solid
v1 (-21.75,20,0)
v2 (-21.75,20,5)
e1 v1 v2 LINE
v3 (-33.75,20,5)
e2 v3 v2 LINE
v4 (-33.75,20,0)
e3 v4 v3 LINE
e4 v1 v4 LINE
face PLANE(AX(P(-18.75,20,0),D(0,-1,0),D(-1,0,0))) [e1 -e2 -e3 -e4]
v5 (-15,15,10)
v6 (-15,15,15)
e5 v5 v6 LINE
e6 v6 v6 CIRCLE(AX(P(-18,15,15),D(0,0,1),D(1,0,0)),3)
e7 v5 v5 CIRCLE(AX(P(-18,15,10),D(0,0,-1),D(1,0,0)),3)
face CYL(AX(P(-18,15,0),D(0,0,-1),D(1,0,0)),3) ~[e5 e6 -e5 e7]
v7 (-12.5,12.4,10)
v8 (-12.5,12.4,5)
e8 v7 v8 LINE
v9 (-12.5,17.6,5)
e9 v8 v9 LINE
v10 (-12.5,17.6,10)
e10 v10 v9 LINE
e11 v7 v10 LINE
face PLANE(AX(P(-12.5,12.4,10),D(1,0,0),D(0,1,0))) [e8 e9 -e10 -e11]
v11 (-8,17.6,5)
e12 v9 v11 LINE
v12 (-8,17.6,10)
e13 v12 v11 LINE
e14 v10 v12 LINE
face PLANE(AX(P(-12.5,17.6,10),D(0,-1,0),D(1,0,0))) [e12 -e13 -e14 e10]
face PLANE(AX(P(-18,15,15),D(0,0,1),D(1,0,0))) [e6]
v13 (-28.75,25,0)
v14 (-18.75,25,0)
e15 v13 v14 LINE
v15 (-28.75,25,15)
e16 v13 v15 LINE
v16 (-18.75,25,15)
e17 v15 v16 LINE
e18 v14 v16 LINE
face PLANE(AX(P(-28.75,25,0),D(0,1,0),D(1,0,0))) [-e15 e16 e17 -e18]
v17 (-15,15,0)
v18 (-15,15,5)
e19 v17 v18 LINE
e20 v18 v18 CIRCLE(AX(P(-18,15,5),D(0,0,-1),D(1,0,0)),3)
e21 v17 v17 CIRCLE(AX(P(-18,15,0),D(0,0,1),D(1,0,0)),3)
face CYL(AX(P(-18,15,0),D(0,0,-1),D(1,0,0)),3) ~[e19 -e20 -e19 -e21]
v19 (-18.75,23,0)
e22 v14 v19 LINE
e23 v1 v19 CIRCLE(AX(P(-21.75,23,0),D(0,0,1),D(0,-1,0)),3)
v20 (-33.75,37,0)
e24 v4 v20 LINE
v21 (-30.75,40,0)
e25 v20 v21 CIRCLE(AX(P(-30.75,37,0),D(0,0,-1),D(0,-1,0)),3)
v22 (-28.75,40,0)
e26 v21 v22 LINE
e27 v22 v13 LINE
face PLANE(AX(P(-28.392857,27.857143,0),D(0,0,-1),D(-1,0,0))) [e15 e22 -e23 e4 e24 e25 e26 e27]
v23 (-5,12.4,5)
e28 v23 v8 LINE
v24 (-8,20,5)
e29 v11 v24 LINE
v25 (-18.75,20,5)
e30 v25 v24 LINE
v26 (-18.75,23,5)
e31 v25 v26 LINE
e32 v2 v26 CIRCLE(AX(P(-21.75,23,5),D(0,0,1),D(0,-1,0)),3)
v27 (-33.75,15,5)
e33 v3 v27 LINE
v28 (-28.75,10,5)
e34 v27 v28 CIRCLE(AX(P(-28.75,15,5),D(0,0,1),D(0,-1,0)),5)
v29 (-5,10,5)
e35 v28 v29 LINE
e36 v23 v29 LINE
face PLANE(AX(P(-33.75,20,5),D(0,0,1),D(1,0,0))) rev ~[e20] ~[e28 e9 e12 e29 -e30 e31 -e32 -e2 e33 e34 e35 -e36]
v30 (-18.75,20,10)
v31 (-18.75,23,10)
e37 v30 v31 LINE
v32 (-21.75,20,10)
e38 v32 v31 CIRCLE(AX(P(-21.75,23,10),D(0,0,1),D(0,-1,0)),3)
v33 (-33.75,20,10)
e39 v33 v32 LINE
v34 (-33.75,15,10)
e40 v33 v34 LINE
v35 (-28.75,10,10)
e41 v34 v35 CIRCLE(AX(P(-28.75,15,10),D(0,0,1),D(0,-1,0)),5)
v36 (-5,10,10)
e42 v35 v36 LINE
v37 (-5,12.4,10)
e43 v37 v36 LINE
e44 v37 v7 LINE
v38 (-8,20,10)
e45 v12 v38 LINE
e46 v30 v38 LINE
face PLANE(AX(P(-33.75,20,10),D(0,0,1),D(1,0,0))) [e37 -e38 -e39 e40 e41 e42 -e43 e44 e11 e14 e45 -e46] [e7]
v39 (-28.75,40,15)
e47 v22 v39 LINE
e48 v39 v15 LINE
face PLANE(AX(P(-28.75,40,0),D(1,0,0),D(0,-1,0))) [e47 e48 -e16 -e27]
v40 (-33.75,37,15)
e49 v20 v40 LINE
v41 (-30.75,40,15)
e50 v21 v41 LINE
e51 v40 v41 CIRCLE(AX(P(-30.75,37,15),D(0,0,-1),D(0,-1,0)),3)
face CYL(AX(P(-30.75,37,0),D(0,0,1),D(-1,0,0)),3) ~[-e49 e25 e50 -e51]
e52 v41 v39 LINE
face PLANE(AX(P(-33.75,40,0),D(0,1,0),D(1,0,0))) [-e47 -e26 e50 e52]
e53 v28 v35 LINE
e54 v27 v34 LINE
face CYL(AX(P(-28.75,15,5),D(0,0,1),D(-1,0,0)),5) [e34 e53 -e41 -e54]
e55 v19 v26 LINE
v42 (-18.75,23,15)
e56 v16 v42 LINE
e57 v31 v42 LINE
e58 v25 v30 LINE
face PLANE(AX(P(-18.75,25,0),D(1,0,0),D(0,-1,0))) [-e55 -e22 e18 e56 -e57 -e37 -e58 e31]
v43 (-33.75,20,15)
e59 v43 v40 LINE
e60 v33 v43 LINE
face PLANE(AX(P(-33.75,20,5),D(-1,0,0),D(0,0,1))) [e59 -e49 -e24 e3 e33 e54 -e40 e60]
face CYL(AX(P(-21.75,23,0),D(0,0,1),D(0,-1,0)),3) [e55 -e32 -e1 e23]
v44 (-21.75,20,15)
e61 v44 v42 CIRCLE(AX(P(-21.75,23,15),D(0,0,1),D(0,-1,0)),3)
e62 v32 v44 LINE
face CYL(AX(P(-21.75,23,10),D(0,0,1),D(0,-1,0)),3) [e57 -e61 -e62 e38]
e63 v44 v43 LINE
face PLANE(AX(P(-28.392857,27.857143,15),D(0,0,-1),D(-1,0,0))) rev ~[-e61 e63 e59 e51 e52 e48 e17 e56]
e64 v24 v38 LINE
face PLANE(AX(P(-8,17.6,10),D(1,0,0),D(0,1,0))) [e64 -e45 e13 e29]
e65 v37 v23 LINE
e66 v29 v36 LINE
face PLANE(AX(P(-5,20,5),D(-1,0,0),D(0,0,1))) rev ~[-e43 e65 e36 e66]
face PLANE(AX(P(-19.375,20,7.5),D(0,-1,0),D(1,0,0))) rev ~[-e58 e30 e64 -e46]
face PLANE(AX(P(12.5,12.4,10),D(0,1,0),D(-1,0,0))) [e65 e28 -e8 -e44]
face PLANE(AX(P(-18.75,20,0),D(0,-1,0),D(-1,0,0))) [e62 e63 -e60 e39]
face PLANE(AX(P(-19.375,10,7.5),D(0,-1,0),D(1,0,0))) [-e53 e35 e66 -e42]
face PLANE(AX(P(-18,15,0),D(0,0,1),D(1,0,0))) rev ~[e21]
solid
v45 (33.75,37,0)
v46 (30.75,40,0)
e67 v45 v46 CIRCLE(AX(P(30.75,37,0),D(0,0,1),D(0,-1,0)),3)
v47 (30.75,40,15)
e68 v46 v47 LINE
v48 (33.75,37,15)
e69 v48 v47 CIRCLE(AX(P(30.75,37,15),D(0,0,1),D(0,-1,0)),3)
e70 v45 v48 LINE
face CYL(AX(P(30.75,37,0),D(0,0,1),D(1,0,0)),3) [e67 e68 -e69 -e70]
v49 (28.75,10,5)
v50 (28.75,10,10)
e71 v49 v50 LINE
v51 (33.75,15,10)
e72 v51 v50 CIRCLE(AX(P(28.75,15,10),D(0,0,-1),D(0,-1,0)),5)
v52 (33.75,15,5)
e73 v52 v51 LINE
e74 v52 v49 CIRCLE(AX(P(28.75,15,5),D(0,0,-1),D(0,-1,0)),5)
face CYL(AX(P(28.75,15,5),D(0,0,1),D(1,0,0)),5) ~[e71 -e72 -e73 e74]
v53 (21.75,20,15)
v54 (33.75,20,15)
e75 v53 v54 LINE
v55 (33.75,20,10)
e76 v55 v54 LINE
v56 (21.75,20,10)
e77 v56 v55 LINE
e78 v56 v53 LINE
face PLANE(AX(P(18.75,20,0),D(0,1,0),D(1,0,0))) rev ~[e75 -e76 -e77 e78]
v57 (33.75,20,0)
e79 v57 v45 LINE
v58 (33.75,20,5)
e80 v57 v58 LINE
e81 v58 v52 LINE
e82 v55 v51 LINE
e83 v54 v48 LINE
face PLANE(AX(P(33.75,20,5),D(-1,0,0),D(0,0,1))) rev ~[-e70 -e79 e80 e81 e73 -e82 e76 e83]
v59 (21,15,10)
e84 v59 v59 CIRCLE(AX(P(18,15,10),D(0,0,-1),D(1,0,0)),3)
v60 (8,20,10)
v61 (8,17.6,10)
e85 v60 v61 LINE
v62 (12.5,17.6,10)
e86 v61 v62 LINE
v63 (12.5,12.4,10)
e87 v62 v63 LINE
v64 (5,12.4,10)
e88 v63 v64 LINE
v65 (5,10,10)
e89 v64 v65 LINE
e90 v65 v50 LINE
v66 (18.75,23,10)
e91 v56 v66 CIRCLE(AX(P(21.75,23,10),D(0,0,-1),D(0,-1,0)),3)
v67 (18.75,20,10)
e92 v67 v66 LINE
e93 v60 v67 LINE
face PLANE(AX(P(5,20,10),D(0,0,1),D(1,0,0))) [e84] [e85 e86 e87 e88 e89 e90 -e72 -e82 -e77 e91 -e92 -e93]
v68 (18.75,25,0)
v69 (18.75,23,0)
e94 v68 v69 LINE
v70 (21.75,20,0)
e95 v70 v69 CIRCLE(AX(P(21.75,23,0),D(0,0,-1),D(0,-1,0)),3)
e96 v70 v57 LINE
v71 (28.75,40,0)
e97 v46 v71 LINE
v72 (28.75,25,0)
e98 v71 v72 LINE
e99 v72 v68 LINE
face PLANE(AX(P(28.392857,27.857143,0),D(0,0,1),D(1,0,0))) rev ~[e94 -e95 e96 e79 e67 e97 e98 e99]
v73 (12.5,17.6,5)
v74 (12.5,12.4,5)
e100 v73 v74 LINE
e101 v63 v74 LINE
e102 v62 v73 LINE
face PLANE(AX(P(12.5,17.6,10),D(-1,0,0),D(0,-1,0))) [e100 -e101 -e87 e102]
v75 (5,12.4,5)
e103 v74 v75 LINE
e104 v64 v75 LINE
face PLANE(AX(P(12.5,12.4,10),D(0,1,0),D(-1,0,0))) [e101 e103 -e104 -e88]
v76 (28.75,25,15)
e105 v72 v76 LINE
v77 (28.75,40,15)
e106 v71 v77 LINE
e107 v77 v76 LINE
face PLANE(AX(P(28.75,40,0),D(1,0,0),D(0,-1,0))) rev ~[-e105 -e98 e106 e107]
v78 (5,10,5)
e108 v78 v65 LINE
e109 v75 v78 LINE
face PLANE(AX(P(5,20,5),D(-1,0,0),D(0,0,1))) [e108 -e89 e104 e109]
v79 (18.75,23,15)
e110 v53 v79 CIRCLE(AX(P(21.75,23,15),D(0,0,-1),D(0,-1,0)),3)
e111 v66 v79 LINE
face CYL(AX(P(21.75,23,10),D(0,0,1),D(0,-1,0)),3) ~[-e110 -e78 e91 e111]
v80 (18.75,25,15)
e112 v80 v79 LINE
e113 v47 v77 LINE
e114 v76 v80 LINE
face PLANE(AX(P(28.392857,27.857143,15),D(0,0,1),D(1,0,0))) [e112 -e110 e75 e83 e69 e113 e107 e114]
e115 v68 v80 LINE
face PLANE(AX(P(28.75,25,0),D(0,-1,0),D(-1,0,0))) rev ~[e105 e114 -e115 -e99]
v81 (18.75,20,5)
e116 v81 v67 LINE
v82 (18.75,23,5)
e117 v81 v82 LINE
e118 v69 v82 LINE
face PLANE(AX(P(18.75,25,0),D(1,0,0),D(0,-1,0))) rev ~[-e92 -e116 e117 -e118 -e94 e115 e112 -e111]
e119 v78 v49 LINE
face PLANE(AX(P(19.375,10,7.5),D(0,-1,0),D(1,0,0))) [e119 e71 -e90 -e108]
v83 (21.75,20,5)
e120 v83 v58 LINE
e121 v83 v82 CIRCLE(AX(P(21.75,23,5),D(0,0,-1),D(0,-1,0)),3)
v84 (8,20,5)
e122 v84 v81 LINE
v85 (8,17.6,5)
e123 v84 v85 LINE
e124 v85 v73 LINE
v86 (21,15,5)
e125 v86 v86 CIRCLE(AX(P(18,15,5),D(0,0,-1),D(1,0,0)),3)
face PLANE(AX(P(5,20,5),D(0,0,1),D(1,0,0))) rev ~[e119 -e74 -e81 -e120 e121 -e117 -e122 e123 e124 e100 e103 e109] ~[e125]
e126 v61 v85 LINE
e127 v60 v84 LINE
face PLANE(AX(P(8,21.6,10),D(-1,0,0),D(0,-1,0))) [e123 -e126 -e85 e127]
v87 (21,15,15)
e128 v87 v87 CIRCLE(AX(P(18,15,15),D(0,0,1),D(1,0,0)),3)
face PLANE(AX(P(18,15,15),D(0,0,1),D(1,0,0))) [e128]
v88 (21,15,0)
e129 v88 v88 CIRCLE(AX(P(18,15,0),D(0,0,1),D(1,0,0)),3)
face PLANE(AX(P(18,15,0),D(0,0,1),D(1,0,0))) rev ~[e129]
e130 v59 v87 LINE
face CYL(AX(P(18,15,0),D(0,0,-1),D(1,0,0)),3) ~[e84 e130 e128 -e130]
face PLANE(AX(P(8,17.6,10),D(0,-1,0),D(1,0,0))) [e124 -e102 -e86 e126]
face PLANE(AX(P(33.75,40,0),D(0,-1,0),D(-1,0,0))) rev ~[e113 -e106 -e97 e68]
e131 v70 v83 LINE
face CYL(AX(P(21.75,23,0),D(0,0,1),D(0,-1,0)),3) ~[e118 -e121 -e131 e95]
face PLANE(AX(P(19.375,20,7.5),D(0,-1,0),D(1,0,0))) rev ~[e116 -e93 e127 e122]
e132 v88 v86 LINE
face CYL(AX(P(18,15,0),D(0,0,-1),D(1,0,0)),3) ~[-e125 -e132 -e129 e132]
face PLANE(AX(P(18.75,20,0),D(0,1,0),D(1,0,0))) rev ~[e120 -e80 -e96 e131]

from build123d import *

# Parameters (mm, degrees)
CYLINDER001_R     = 3
CYLINDER001_DEPTH = 15
PAD_DEPTH         = 15
SKETCH002_W       = 28.75
SKETCH002_H       = 5
PAD002_DEPTH      = 10
POCKET_DEPTH      = 10.001
FILLET_R          = 3
FILLET002_R       = 3
PAD001_DEPTH      = 15
SKETCH003_W       = 28.75
SKETCH003_H       = 5
PAD003_DEPTH      = 10
POCKET001_DEPTH   = 10.001
FILLET001_R       = 3
FILLET003_R       = 3
CYLINDER_R        = 3
CYLINDER_DEPTH    = 15
FILLET004_R       = 5


with BuildPart() as cylinder001:
    # Cylinder001 → Cylinder001 (new body)
    with BuildSketch(Plane(origin=(18, 15, 0), x_dir=(1, 0, 0), z_dir=(0, 0, 1))):
        Circle(CYLINDER001_R)
    extrude(amount=CYLINDER001_DEPTH)


with BuildPart() as fillet002:
    # Sketch → Pad (new body)
    with BuildSketch(Plane.XY):
        Polygon((-28.75, 40), (-28.75, 25), (-18.75, 25), (-18.75, 20), (-33.75, 20), (-33.75, 40), align=None)
    extrude(amount=PAD_DEPTH)

    # Sketch002 → Pad002 (new body)
    with BuildSketch(Plane.XZ.offset(-20)):
        with Locations((-19.375, 7.5)):
            Rectangle(SKETCH002_W, SKETCH002_H)
    extrude(amount=PAD002_DEPTH)

    # Sketch004 → Pocket (cut, through all)
    with BuildSketch(Plane.XY.offset(10)):
        Polygon((12.5, 17.6), (12.5, 12.4), (-12.5, 12.4), (-12.5, 17.6), (-8, 17.6), (-8, 21.6), (8, 21.6), (8, 17.6), align=None)
    extrude(amount=-POCKET_DEPTH, mode=Mode.SUBTRACT)

    # Fillet
    fillet_edges = [fillet002.edges().sort_by_distance(p)[0] for p in [
        (-18.75, 20, 12.5),
        (-18.75, 20, 2.5),
    ]]
    fillet(fillet_edges, radius=FILLET_R)

    # Fillet002
    fillet002_edges = [fillet002.edges().sort_by_distance(p)[0] for p in [
        (-33.75, 40, 7.5),
    ]]
    fillet(fillet002_edges, radius=FILLET002_R)


with BuildPart() as fillet003:
    # Sketch001 → Pad001 (new body)
    with BuildSketch(Plane.XY):
        Polygon((18.75, 25), (18.75, 20), (33.75, 20), (33.75, 40), (28.75, 40), (28.75, 25), align=None)
    extrude(amount=PAD001_DEPTH)

    # Sketch003 → Pad003 (new body)
    with BuildSketch(Plane.XZ.offset(-20)):
        with Locations((19.375, 7.5)):
            Rectangle(SKETCH003_W, SKETCH003_H)
    extrude(amount=PAD003_DEPTH)

    # Sketch005 → Pocket001 (cut, through all)
    with BuildSketch(Plane.XY.offset(10)):
        Polygon((12.5, 17.6), (12.5, 12.4), (-12.5, 12.4), (-12.5, 17.6), (-8, 17.6), (-8, 21.6), (8, 21.6), (8, 17.6), align=None)
    extrude(amount=-POCKET001_DEPTH, mode=Mode.SUBTRACT)

    # Fillet001
    fillet001_edges = [fillet003.edges().sort_by_distance(p)[0] for p in [
        (18.75, 20, 2.5),
        (18.75, 20, 12.5),
    ]]
    fillet(fillet001_edges, radius=FILLET001_R)

    # Fillet003
    fillet003_edges = [fillet003.edges().sort_by_distance(p)[0] for p in [
        (33.75, 40, 7.5),
    ]]
    fillet(fillet003_edges, radius=FILLET003_R)


with BuildPart() as claws:
    # Cylinder → Cylinder (new body)
    with BuildSketch(Plane(origin=(-18, 15, 0), x_dir=(1, 0, 0), z_dir=(0, 0, 1))):
        Circle(CYLINDER_R)
    extrude(amount=CYLINDER_DEPTH)

    # Fusion: union Cylinder001, Fillet002, Fillet003
    add(cylinder001.part)
    add(fillet002.part)
    add(fillet003.part)

    # Fillet004
    fillet004_edges = [claws.edges().sort_by_distance(p)[0] for p in [
        (33.75, 10, 7.5),
        (-33.75, 10, 7.5),
    ]]
    fillet(fillet004_edges, radius=FILLET004_R)


solid = claws.part
